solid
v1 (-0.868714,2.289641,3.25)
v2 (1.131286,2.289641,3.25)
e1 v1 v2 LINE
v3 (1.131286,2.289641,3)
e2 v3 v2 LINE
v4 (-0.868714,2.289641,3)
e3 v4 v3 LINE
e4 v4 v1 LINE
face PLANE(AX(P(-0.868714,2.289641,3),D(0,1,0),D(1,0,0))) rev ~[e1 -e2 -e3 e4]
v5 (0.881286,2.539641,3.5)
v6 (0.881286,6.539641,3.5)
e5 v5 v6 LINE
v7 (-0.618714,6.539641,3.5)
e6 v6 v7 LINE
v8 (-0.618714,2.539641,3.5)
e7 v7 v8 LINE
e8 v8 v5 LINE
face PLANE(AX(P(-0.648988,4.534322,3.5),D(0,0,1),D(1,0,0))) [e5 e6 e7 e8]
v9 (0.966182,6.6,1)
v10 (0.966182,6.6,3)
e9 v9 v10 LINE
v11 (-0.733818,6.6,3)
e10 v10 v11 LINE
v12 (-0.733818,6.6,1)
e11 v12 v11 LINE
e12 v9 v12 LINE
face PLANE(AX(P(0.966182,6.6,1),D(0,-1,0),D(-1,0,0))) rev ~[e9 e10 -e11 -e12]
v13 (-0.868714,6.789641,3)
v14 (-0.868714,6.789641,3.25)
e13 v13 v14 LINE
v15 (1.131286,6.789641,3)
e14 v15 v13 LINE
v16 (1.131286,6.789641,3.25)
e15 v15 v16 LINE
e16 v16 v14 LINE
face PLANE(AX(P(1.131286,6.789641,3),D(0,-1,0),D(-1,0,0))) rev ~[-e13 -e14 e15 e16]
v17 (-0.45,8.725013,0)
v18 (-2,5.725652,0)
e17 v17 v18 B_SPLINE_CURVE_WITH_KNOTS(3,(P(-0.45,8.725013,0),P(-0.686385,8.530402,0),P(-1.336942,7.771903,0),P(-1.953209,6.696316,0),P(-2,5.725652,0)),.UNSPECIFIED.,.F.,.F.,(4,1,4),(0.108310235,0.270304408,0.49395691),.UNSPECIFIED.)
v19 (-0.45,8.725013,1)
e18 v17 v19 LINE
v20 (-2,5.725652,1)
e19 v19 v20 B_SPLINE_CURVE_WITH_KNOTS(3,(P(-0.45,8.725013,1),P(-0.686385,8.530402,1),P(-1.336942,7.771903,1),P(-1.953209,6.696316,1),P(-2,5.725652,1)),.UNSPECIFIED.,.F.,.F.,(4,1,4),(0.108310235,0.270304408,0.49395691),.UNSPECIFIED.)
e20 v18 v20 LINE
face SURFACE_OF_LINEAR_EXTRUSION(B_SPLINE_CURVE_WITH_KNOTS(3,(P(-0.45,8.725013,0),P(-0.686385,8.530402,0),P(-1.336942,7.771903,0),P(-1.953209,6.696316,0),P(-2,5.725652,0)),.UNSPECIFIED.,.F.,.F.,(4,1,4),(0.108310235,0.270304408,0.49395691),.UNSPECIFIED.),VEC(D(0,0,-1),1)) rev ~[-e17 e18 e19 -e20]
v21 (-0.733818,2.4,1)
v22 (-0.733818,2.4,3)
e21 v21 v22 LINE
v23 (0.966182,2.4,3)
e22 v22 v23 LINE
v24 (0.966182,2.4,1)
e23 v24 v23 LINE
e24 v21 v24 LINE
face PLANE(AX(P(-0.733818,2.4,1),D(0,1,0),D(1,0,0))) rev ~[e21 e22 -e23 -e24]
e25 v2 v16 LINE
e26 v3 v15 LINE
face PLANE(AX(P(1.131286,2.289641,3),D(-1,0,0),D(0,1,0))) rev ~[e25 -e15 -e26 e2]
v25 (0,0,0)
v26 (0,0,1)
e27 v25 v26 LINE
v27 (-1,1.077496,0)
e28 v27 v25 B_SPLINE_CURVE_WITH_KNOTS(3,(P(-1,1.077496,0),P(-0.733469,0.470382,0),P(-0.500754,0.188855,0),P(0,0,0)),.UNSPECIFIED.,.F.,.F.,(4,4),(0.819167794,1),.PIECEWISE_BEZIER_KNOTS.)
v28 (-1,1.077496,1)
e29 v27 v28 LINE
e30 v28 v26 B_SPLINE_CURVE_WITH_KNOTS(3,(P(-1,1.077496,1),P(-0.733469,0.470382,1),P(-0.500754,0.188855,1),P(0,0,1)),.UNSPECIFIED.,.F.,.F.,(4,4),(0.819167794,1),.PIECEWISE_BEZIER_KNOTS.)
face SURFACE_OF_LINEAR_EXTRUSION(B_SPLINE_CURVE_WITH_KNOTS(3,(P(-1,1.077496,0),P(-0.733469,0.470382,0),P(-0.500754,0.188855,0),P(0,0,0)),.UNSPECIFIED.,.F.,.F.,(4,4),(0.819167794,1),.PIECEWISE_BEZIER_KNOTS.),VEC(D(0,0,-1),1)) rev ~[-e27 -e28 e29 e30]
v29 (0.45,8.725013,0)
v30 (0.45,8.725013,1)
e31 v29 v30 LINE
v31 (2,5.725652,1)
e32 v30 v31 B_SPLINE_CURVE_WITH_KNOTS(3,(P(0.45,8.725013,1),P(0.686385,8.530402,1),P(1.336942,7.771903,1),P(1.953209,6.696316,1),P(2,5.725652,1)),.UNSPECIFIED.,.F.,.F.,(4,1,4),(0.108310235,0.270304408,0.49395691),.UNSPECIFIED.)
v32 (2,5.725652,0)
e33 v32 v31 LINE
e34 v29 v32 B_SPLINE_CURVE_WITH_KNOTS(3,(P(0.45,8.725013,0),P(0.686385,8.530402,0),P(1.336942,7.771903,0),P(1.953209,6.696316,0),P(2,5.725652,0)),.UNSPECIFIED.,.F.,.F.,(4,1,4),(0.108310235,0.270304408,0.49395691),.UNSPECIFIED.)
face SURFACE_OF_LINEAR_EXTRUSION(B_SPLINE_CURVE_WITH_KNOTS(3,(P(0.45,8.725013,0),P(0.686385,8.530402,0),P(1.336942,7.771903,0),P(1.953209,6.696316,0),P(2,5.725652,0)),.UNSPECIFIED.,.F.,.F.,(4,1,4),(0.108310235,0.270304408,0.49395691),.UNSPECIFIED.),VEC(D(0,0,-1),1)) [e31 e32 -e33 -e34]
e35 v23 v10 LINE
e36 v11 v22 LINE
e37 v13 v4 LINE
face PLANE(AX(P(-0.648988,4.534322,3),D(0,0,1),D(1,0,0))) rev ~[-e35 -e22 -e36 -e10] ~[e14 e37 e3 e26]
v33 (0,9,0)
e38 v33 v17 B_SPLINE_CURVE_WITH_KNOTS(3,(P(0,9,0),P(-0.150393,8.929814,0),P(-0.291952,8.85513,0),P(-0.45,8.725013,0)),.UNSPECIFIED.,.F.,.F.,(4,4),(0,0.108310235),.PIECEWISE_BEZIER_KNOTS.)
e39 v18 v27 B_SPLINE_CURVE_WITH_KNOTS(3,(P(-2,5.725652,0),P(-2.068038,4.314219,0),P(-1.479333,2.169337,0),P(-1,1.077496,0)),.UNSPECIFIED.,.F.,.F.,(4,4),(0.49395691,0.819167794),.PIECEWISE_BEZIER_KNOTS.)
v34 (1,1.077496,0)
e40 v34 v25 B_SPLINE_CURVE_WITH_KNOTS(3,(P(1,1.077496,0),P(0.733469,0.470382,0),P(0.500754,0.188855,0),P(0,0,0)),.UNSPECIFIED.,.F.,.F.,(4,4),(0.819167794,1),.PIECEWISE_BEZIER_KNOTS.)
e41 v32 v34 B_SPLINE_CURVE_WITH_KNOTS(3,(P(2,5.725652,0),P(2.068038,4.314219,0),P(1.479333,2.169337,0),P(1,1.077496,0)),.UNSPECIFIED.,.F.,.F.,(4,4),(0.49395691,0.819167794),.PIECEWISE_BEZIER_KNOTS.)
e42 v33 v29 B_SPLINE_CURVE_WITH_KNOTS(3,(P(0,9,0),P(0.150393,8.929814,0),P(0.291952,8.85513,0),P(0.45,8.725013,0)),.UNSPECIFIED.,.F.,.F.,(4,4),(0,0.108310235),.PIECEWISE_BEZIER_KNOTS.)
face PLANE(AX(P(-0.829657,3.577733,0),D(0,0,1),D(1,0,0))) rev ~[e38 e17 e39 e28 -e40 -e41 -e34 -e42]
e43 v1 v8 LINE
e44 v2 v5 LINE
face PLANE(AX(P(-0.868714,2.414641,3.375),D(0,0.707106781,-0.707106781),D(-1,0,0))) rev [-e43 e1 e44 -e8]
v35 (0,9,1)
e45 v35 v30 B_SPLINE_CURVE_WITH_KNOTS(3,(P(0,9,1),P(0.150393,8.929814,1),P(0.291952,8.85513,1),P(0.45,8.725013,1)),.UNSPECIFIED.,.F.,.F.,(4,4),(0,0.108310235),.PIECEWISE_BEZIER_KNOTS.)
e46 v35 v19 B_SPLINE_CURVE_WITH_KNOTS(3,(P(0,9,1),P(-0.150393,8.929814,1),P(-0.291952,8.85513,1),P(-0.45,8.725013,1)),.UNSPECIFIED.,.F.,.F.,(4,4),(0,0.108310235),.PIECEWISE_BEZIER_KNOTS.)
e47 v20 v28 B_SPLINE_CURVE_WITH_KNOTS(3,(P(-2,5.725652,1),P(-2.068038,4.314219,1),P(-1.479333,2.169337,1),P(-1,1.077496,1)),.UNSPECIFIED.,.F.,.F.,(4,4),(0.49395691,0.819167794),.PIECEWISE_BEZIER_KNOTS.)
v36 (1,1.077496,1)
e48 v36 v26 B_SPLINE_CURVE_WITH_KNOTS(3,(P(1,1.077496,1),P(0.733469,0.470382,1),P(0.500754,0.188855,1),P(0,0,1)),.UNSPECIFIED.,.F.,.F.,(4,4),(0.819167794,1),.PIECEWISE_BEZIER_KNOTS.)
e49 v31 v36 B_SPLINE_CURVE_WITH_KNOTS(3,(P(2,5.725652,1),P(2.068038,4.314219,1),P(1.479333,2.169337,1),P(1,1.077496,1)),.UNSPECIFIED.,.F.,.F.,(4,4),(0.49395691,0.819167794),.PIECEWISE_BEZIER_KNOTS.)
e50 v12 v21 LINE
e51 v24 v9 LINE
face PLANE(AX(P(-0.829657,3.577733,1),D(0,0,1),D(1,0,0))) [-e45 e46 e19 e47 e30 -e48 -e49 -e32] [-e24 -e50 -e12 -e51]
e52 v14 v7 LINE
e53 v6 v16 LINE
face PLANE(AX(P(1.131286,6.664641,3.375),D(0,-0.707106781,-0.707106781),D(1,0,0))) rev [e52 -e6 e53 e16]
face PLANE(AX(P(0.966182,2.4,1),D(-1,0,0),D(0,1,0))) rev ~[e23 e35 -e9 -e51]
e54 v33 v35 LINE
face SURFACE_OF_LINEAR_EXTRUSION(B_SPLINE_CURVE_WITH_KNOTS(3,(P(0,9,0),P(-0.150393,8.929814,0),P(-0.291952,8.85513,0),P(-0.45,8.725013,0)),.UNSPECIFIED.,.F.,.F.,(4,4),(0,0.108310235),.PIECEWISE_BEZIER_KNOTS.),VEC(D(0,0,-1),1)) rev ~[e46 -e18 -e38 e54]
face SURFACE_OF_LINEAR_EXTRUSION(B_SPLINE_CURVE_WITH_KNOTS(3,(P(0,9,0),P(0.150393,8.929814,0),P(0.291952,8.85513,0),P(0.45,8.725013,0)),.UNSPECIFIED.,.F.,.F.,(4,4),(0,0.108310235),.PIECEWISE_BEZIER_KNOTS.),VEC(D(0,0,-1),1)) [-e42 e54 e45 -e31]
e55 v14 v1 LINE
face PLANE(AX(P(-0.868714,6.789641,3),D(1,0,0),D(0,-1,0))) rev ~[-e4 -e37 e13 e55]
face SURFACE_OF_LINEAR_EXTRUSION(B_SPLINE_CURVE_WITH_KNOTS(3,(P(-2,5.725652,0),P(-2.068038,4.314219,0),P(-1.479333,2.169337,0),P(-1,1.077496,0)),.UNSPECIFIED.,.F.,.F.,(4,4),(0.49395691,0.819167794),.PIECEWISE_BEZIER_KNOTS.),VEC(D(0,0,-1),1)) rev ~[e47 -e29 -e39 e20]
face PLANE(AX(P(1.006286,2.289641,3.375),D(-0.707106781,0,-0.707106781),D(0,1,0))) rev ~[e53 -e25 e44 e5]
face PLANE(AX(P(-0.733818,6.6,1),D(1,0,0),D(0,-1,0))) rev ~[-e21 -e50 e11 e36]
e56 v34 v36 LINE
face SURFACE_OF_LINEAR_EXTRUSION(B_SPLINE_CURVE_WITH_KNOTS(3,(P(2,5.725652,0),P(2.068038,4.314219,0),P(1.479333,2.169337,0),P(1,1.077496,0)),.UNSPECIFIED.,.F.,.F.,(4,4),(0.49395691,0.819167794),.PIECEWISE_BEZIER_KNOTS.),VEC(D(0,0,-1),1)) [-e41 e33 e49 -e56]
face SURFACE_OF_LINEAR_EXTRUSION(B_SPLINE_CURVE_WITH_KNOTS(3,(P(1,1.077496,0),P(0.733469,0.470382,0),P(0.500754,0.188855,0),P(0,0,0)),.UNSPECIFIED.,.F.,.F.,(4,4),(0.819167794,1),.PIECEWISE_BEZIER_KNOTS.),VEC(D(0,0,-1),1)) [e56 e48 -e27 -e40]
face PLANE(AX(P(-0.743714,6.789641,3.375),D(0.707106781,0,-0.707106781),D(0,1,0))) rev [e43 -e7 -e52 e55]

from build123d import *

# Parameters (mm, degrees)
F1_DEPTH = 1
F2_W     = 0.9661824606
F2_H     = 2.1
F3_DEPTH = 2
F4_W     = 0.85
F4_H     = 4.2
F5_DEPTH = 0.5
F6_SIZE  = 0.25


with BuildPart() as f1:
    # F0 (on Top) → F1 (new body)
    with BuildSketch(Plane.XY):
        with BuildLine():
            Line((0, 5.7256516985), (-2, 5.7256516985))
            add(Edge.make_bspline(
                [(-2, 5.7256516985), (-2.0680379738, 4.3142188256), (-1.4793331486, 2.1693367722), (-1, 1.0774956806)],
                knots=[0.49395691, 0.49395691, 0.49395691, 0.49395691, 0.8191677941, 0.8191677941, 0.8191677941, 0.8191677941], degree=3))
            Line((-1, 1.0774956806), (0, 1.0774956806))
            Line((0, 1.0774956806), (0, 5.7256516985))
        make_face()
        with BuildLine():
            Line((0, 8.7250128189), (-0.45, 8.7250128189))
            add(Edge.make_bspline(
                [(-0.45, 8.7250128189), (-0.6863850918, 8.530402377), (-1.3369422342, 7.7719026331), (-1.9532092441, 6.6963156863), (-2, 5.7256516985)],
                knots=[0.1083102347, 0.1083102347, 0.1083102347, 0.1083102347, 0.2703044079, 0.49395691, 0.49395691, 0.49395691, 0.49395691], degree=3))
            Line((-2, 5.7256516985), (0, 5.7256516985))
            Line((0, 5.7256516985), (0, 8.7250128189))
        make_face()
        with BuildLine():
            Line((0.45, 8.7250128189), (0, 8.7250128189))
            Line((0, 8.7250128189), (0, 5.7256516985))
            Line((0, 5.7256516985), (2, 5.7256516985))
            add(Edge.make_bspline(
                [(0.45, 8.7250128189), (0.6863850918, 8.530402377), (1.3369422342, 7.7719026331), (1.9532092441, 6.6963156863), (2, 5.7256516985)],
                knots=[0.1083102347, 0.1083102347, 0.1083102347, 0.1083102347, 0.2703044079, 0.49395691, 0.49395691, 0.49395691, 0.49395691], degree=3))
        make_face()
        with BuildLine():
            Line((2, 5.7256516985), (0, 5.7256516985))
            Line((0, 5.7256516985), (0, 1.0774956806))
            Line((0, 1.0774956806), (1, 1.0774956806))
            add(Edge.make_bspline(
                [(2, 5.7256516985), (2.0680379738, 4.3142188256), (1.4793331486, 2.1693367722), (1, 1.0774956806)],
                knots=[0.49395691, 0.49395691, 0.49395691, 0.49395691, 0.8191677941, 0.8191677941, 0.8191677941, 0.8191677941], degree=3))
        make_face()
        with BuildLine():
            Line((1, 1.0774956806), (0, 1.0774956806))
            Line((0, 1.0774956806), (0, 0))
            add(Edge.make_bspline(
                [(1, 1.0774956806), (0.7334687279, 0.4703818268), (0.5007537712, 0.188854692), (0, 0)],
                knots=[0.8191677941, 0.8191677941, 0.8191677941, 0.8191677941, 1, 1, 1, 1], degree=3))
        make_face()
        with BuildLine():
            Line((0, 1.0774956806), (-1, 1.0774956806))
            add(Edge.make_bspline(
                [(-1, 1.0774956806), (-0.7334687279, 0.4703818268), (-0.5007537712, 0.188854692), (0, 0)],
                knots=[0.8191677941, 0.8191677941, 0.8191677941, 0.8191677941, 1, 1, 1, 1], degree=3))
            Line((0, 0), (0, 1.0774956806))
        make_face()
        with BuildLine():
            add(Edge.make_bspline(
                [(0, 9), (0.150392861, 8.929814249), (0.2919515698, 8.8551304782), (0.45, 8.7250128189)],
                knots=[0, 0, 0, 0, 0.1083102347, 0.1083102347, 0.1083102347, 0.1083102347], degree=3))
            Line((0, 9), (0, 8.7250128189))
            Line((0, 8.7250128189), (0.45, 8.7250128189))
        make_face()
        with BuildLine():
            Line((0, 8.7250128189), (0, 9))
            add(Edge.make_bspline(
                [(0, 9), (-0.150392861, 8.929814249), (-0.2919515698, 8.8551304782), (-0.45, 8.7250128189)],
                knots=[0, 0, 0, 0, 0.1083102347, 0.1083102347, 0.1083102347, 0.1083102347], degree=3))
            Line((-0.45, 8.7250128189), (0, 8.7250128189))
        make_face()
    extrude(amount=F1_DEPTH)

    # F2 (on face) → F3 (join)
    with BuildSketch(Plane.XY.offset(1)):
        Polygon((-0.7338175394, 2.4), (0, 2.4), (0, 4.5), (0.9661824606, 4.5), (0.9661824606, 6.6), (-0.7338175394, 6.6), align=None)
        with Locations((0.4830912303, 3.45)):
            Rectangle(F2_W, F2_H)
    extrude(amount=F3_DEPTH)

    # F4 (on face) → F5 (join)
    with BuildSketch(Plane.XY.offset(3)):
        Polygon((0.1161824606, 6.6), (0.1161824606, 6.78964095), (-0.8687144145, 6.78964095), (-0.8687144145, 2.28964095), (0.1161824606, 2.28964095), (0.1161824606, 2.4), (-0.7338175394, 2.4), (-0.7338175394, 6.6), align=None)
        with Locations((-0.3088175394, 4.5)):
            Rectangle(F4_W, F4_H)
        with Locations((0.5411824606, 4.5)):
            Rectangle(F4_W, F4_H)
        Polygon((1.1312855855, 6.78964095), (0.1161824606, 6.78964095), (0.1161824606, 6.6), (0.9661824606, 6.6), (0.9661824606, 2.4), (0.1161824606, 2.4), (0.1161824606, 2.28964095), (1.1312855855, 2.28964095), align=None)
    extrude(amount=F5_DEPTH)

    # F6
    f6_edges = [f1.edges().sort_by_distance(p)[0] for p in [
        (0.131286, 2.289641, 3.5),
        (1.131286, 4.539641, 3.5),
        (0.131286, 6.789641, 3.5),
        (-0.868714, 4.539641, 3.5),
    ]]
    chamfer(f6_edges, length=F6_SIZE)


solid = f1.part
